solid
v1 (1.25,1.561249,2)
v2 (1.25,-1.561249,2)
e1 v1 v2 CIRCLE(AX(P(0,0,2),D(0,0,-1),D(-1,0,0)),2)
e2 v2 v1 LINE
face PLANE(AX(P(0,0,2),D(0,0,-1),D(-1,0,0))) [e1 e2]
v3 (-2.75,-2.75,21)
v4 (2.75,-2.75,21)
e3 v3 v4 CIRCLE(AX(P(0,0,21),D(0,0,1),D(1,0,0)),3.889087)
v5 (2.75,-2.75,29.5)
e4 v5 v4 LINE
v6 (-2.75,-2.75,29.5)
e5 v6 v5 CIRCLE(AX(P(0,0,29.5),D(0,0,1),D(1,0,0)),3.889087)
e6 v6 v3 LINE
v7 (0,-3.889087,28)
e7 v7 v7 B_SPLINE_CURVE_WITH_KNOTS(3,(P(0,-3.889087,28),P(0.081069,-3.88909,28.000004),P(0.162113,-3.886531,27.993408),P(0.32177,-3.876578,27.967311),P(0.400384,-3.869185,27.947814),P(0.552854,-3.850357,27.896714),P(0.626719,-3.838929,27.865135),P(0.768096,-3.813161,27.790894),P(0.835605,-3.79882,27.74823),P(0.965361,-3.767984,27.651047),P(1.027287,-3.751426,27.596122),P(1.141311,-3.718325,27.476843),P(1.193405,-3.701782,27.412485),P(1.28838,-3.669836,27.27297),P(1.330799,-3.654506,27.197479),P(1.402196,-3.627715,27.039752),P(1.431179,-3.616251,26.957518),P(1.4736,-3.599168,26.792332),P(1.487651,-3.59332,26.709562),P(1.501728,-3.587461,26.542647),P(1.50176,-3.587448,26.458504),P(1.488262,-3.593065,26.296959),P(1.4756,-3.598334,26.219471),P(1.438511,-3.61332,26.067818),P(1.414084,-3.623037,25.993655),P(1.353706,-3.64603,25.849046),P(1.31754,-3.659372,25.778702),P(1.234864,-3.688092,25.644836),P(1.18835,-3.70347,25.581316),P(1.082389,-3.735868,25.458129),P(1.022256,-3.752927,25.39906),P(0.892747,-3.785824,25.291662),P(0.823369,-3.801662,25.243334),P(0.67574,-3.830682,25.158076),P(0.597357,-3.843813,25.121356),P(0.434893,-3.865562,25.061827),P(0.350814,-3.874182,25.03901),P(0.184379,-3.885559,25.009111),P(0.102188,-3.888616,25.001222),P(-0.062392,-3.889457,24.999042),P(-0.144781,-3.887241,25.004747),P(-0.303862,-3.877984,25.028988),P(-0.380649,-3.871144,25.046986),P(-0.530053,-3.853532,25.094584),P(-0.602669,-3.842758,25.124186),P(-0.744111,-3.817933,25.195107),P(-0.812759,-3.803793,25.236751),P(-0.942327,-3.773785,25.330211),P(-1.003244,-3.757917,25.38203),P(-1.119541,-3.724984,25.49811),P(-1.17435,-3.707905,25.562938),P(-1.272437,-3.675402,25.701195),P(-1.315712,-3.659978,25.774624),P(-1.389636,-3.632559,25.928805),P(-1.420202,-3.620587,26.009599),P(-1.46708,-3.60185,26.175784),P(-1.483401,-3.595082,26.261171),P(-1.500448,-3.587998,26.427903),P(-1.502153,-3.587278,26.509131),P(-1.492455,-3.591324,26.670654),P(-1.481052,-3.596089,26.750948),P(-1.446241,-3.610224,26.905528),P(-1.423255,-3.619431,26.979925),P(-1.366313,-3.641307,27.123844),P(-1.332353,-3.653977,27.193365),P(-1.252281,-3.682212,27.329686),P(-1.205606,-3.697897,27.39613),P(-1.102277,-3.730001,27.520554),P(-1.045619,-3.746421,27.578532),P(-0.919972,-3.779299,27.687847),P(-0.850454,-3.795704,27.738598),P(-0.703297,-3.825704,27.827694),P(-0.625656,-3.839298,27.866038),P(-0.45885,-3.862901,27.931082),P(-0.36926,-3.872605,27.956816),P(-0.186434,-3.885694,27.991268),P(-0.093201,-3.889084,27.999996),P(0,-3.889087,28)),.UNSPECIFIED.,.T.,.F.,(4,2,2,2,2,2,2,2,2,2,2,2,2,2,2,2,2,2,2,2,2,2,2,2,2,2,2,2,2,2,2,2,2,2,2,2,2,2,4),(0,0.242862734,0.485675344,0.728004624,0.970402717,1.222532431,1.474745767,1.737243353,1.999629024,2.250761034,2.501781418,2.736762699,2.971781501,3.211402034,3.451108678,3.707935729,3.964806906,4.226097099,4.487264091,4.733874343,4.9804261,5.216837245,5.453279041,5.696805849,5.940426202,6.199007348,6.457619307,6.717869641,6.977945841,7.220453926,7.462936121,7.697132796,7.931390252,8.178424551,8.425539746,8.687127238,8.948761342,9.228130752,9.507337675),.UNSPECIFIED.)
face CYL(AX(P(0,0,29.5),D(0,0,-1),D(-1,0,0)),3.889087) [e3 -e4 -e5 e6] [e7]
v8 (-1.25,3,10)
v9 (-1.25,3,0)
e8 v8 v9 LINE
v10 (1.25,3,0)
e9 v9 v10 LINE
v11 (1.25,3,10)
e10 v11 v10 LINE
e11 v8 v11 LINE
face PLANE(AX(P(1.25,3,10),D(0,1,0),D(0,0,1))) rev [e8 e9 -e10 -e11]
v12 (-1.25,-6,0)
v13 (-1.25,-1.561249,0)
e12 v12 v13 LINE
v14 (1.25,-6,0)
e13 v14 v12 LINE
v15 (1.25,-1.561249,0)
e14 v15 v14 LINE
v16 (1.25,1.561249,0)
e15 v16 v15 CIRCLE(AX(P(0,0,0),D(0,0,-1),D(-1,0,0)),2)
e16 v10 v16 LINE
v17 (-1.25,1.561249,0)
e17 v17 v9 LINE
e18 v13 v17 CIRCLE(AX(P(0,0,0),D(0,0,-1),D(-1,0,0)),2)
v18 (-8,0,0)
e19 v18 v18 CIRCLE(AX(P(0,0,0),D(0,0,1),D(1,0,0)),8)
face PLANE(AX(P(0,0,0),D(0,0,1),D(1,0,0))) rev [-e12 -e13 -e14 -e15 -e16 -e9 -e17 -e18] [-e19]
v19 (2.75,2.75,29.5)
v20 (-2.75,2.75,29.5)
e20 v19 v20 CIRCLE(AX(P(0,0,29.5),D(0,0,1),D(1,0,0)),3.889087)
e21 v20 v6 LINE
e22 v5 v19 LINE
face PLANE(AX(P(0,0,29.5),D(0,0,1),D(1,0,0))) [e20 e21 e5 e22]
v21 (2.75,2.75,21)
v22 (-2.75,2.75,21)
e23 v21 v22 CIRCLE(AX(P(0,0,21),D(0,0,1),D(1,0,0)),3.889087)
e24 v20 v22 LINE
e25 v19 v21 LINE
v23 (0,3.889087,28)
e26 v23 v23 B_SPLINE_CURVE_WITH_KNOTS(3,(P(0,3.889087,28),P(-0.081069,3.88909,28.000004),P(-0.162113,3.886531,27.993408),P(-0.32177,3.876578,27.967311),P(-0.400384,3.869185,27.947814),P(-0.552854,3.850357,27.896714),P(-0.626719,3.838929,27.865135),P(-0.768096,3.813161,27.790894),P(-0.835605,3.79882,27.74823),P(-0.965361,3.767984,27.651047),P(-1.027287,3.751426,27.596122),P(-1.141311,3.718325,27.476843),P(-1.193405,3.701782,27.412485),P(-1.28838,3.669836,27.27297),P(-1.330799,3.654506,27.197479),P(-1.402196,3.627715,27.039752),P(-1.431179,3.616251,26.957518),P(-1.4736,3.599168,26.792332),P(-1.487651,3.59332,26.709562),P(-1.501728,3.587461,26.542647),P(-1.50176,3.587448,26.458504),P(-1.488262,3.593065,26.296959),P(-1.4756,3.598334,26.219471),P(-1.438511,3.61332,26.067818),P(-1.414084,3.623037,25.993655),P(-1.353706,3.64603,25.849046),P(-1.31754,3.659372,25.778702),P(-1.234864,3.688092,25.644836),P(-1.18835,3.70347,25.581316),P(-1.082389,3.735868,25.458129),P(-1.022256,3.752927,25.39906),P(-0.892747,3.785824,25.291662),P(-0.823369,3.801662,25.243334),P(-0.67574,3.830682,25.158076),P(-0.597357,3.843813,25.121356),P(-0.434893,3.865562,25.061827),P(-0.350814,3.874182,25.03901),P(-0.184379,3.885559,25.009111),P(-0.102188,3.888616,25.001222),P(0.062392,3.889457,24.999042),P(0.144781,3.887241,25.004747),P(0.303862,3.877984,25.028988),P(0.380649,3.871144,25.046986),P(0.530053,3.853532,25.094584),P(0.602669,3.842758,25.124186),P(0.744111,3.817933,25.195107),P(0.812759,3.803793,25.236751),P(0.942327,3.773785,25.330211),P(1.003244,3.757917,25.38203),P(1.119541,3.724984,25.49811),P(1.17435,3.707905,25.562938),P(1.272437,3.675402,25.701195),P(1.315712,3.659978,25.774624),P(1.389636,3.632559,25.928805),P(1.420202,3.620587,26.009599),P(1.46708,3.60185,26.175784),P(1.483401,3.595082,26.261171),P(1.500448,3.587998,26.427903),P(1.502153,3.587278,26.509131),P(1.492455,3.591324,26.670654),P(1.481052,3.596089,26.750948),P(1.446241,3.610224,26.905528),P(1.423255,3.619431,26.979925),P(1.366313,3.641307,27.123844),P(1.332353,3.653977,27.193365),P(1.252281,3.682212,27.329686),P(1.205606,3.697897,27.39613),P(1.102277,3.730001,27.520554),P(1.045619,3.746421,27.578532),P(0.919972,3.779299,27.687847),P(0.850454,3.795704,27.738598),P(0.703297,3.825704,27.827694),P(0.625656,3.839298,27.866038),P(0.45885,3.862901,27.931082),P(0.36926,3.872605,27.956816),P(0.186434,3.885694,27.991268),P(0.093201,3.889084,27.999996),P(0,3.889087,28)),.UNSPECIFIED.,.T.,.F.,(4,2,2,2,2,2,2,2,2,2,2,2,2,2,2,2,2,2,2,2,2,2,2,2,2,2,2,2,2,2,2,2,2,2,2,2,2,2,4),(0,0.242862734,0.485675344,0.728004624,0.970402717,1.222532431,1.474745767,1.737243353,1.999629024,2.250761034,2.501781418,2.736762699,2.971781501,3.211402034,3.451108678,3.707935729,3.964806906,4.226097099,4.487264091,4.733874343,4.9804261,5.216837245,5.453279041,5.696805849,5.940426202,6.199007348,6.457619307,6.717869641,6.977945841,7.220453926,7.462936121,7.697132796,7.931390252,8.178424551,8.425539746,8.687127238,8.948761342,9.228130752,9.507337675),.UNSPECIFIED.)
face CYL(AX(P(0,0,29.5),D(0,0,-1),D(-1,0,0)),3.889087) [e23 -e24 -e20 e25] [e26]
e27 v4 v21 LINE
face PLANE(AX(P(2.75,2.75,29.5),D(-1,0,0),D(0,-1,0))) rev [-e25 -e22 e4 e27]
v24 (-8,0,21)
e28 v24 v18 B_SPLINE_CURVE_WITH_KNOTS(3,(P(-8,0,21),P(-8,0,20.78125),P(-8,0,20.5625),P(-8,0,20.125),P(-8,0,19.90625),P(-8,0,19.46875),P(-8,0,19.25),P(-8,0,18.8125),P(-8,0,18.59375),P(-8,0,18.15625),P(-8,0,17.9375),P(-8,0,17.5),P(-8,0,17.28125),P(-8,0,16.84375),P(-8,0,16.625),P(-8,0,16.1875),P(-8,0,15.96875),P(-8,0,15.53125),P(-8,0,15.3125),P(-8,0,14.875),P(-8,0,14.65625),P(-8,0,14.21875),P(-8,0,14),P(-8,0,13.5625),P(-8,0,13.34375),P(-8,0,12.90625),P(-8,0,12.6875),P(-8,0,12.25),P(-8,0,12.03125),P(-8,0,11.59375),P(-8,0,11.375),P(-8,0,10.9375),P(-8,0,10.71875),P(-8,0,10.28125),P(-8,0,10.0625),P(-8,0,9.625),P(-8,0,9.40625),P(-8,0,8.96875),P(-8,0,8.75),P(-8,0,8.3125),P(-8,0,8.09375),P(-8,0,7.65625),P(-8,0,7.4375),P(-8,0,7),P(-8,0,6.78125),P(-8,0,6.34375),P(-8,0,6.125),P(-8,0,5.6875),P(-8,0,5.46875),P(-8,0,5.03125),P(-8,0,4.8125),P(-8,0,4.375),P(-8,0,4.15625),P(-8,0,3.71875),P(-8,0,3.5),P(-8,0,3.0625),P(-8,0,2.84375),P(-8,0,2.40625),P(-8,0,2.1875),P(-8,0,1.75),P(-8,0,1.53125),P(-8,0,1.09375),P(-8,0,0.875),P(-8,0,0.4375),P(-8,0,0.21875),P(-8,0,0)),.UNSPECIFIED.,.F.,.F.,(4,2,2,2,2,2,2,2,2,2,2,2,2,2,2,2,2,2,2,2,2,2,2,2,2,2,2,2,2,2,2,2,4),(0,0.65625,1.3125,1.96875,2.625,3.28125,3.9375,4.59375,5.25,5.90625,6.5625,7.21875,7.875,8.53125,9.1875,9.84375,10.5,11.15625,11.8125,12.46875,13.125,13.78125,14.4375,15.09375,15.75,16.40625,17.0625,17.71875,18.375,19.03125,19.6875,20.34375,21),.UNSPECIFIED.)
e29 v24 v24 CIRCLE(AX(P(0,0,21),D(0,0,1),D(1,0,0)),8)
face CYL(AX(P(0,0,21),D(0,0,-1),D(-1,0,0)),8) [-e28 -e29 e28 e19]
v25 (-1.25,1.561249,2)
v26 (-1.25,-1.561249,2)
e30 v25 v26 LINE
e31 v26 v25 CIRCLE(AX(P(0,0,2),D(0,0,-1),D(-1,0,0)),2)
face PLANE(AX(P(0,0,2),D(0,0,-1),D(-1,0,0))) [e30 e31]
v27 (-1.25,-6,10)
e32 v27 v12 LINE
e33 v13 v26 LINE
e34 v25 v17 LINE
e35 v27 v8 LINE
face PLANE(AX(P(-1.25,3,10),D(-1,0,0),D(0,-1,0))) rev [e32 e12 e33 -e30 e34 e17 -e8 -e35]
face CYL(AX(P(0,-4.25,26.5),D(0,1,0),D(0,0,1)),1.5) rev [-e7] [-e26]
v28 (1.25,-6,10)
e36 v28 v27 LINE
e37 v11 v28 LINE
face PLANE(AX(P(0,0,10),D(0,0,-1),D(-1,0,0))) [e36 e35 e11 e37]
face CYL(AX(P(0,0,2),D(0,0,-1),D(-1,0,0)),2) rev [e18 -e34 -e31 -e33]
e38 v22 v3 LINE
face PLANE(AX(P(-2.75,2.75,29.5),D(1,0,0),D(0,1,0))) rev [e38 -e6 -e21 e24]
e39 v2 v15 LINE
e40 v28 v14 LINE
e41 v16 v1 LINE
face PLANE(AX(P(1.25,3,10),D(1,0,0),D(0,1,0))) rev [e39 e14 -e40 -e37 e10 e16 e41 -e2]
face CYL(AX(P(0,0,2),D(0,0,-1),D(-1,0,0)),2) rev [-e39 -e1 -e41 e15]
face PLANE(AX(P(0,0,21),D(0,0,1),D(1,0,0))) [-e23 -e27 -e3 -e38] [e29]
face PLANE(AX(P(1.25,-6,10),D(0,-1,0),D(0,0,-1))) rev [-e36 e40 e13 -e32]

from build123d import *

# Parameters (mm, degrees)
SKETCH1_R           = 8
BOSS_EXTRUDE1_DEPTH = 21
SKETCH2_W           = 2.5
SKETCH2_H           = 9
CUT_EXTRUDE1_DEPTH  = 10
SKETCH3_R           = 2
CUT_EXTRUDE2_DEPTH  = 2
BOSS_EXTRUDE2_DEPTH = 8.5
SKETCH5_R           = 1.5
CUT_EXTRUDE3_DEPTH  = 4.25


with BuildPart() as part:
    # Sketch1 → Boss-Extrude1 (new body)
    with BuildSketch(Plane.XY):
        with Locations(Location((0, 0, 0), (0, 0, 180))):
            Circle(SKETCH1_R)
    extrude(amount=BOSS_EXTRUDE1_DEPTH)

    # Sketch2 → Cut-Extrude1 (cut)
    with BuildSketch(Plane(origin=(0, 0, 0), x_dir=(-1, 0, 0), z_dir=(0, 0, -1))):
        with Locations((0, -1.5)):
            Rectangle(SKETCH2_W, SKETCH2_H)
    extrude(amount=-CUT_EXTRUDE1_DEPTH, mode=Mode.SUBTRACT)

    # Sketch3 → Cut-Extrude2 (cut)
    with BuildSketch(Plane(origin=(0, 0, 0), x_dir=(-1, 0, 0), z_dir=(0, 0, -1))):
        Circle(SKETCH3_R)
    extrude(amount=-CUT_EXTRUDE2_DEPTH, mode=Mode.SUBTRACT)

    # Sketch4 → Boss-Extrude2 (add)
    with BuildSketch(Plane.XY.offset(21)):
        with BuildLine():
            Line((-2.75, 2.75), (-2.75, -2.75))
            ThreePointArc((-2.75, -2.75), (0, -3.889087297), (2.75, -2.75))
            Line((2.75, -2.75), (2.75, 2.75))
            ThreePointArc((2.75, 2.75), (0, 3.889087297), (-2.75, 2.75))
        make_face()
    extrude(amount=BOSS_EXTRUDE2_DEPTH)

    # Sketch5 → Cut-Extrude3 (cut, symmetric)
    with BuildSketch(Plane(origin=(0, 0, 0), x_dir=(1, 0, 0), z_dir=(0, 1, 0))):
        with Locations(Location((0, -26.5, 0), (0, 0, 270))):
            Circle(SKETCH5_R)
    extrude(amount=CUT_EXTRUDE3_DEPTH, both=True, mode=Mode.SUBTRACT)


solid = part.part
